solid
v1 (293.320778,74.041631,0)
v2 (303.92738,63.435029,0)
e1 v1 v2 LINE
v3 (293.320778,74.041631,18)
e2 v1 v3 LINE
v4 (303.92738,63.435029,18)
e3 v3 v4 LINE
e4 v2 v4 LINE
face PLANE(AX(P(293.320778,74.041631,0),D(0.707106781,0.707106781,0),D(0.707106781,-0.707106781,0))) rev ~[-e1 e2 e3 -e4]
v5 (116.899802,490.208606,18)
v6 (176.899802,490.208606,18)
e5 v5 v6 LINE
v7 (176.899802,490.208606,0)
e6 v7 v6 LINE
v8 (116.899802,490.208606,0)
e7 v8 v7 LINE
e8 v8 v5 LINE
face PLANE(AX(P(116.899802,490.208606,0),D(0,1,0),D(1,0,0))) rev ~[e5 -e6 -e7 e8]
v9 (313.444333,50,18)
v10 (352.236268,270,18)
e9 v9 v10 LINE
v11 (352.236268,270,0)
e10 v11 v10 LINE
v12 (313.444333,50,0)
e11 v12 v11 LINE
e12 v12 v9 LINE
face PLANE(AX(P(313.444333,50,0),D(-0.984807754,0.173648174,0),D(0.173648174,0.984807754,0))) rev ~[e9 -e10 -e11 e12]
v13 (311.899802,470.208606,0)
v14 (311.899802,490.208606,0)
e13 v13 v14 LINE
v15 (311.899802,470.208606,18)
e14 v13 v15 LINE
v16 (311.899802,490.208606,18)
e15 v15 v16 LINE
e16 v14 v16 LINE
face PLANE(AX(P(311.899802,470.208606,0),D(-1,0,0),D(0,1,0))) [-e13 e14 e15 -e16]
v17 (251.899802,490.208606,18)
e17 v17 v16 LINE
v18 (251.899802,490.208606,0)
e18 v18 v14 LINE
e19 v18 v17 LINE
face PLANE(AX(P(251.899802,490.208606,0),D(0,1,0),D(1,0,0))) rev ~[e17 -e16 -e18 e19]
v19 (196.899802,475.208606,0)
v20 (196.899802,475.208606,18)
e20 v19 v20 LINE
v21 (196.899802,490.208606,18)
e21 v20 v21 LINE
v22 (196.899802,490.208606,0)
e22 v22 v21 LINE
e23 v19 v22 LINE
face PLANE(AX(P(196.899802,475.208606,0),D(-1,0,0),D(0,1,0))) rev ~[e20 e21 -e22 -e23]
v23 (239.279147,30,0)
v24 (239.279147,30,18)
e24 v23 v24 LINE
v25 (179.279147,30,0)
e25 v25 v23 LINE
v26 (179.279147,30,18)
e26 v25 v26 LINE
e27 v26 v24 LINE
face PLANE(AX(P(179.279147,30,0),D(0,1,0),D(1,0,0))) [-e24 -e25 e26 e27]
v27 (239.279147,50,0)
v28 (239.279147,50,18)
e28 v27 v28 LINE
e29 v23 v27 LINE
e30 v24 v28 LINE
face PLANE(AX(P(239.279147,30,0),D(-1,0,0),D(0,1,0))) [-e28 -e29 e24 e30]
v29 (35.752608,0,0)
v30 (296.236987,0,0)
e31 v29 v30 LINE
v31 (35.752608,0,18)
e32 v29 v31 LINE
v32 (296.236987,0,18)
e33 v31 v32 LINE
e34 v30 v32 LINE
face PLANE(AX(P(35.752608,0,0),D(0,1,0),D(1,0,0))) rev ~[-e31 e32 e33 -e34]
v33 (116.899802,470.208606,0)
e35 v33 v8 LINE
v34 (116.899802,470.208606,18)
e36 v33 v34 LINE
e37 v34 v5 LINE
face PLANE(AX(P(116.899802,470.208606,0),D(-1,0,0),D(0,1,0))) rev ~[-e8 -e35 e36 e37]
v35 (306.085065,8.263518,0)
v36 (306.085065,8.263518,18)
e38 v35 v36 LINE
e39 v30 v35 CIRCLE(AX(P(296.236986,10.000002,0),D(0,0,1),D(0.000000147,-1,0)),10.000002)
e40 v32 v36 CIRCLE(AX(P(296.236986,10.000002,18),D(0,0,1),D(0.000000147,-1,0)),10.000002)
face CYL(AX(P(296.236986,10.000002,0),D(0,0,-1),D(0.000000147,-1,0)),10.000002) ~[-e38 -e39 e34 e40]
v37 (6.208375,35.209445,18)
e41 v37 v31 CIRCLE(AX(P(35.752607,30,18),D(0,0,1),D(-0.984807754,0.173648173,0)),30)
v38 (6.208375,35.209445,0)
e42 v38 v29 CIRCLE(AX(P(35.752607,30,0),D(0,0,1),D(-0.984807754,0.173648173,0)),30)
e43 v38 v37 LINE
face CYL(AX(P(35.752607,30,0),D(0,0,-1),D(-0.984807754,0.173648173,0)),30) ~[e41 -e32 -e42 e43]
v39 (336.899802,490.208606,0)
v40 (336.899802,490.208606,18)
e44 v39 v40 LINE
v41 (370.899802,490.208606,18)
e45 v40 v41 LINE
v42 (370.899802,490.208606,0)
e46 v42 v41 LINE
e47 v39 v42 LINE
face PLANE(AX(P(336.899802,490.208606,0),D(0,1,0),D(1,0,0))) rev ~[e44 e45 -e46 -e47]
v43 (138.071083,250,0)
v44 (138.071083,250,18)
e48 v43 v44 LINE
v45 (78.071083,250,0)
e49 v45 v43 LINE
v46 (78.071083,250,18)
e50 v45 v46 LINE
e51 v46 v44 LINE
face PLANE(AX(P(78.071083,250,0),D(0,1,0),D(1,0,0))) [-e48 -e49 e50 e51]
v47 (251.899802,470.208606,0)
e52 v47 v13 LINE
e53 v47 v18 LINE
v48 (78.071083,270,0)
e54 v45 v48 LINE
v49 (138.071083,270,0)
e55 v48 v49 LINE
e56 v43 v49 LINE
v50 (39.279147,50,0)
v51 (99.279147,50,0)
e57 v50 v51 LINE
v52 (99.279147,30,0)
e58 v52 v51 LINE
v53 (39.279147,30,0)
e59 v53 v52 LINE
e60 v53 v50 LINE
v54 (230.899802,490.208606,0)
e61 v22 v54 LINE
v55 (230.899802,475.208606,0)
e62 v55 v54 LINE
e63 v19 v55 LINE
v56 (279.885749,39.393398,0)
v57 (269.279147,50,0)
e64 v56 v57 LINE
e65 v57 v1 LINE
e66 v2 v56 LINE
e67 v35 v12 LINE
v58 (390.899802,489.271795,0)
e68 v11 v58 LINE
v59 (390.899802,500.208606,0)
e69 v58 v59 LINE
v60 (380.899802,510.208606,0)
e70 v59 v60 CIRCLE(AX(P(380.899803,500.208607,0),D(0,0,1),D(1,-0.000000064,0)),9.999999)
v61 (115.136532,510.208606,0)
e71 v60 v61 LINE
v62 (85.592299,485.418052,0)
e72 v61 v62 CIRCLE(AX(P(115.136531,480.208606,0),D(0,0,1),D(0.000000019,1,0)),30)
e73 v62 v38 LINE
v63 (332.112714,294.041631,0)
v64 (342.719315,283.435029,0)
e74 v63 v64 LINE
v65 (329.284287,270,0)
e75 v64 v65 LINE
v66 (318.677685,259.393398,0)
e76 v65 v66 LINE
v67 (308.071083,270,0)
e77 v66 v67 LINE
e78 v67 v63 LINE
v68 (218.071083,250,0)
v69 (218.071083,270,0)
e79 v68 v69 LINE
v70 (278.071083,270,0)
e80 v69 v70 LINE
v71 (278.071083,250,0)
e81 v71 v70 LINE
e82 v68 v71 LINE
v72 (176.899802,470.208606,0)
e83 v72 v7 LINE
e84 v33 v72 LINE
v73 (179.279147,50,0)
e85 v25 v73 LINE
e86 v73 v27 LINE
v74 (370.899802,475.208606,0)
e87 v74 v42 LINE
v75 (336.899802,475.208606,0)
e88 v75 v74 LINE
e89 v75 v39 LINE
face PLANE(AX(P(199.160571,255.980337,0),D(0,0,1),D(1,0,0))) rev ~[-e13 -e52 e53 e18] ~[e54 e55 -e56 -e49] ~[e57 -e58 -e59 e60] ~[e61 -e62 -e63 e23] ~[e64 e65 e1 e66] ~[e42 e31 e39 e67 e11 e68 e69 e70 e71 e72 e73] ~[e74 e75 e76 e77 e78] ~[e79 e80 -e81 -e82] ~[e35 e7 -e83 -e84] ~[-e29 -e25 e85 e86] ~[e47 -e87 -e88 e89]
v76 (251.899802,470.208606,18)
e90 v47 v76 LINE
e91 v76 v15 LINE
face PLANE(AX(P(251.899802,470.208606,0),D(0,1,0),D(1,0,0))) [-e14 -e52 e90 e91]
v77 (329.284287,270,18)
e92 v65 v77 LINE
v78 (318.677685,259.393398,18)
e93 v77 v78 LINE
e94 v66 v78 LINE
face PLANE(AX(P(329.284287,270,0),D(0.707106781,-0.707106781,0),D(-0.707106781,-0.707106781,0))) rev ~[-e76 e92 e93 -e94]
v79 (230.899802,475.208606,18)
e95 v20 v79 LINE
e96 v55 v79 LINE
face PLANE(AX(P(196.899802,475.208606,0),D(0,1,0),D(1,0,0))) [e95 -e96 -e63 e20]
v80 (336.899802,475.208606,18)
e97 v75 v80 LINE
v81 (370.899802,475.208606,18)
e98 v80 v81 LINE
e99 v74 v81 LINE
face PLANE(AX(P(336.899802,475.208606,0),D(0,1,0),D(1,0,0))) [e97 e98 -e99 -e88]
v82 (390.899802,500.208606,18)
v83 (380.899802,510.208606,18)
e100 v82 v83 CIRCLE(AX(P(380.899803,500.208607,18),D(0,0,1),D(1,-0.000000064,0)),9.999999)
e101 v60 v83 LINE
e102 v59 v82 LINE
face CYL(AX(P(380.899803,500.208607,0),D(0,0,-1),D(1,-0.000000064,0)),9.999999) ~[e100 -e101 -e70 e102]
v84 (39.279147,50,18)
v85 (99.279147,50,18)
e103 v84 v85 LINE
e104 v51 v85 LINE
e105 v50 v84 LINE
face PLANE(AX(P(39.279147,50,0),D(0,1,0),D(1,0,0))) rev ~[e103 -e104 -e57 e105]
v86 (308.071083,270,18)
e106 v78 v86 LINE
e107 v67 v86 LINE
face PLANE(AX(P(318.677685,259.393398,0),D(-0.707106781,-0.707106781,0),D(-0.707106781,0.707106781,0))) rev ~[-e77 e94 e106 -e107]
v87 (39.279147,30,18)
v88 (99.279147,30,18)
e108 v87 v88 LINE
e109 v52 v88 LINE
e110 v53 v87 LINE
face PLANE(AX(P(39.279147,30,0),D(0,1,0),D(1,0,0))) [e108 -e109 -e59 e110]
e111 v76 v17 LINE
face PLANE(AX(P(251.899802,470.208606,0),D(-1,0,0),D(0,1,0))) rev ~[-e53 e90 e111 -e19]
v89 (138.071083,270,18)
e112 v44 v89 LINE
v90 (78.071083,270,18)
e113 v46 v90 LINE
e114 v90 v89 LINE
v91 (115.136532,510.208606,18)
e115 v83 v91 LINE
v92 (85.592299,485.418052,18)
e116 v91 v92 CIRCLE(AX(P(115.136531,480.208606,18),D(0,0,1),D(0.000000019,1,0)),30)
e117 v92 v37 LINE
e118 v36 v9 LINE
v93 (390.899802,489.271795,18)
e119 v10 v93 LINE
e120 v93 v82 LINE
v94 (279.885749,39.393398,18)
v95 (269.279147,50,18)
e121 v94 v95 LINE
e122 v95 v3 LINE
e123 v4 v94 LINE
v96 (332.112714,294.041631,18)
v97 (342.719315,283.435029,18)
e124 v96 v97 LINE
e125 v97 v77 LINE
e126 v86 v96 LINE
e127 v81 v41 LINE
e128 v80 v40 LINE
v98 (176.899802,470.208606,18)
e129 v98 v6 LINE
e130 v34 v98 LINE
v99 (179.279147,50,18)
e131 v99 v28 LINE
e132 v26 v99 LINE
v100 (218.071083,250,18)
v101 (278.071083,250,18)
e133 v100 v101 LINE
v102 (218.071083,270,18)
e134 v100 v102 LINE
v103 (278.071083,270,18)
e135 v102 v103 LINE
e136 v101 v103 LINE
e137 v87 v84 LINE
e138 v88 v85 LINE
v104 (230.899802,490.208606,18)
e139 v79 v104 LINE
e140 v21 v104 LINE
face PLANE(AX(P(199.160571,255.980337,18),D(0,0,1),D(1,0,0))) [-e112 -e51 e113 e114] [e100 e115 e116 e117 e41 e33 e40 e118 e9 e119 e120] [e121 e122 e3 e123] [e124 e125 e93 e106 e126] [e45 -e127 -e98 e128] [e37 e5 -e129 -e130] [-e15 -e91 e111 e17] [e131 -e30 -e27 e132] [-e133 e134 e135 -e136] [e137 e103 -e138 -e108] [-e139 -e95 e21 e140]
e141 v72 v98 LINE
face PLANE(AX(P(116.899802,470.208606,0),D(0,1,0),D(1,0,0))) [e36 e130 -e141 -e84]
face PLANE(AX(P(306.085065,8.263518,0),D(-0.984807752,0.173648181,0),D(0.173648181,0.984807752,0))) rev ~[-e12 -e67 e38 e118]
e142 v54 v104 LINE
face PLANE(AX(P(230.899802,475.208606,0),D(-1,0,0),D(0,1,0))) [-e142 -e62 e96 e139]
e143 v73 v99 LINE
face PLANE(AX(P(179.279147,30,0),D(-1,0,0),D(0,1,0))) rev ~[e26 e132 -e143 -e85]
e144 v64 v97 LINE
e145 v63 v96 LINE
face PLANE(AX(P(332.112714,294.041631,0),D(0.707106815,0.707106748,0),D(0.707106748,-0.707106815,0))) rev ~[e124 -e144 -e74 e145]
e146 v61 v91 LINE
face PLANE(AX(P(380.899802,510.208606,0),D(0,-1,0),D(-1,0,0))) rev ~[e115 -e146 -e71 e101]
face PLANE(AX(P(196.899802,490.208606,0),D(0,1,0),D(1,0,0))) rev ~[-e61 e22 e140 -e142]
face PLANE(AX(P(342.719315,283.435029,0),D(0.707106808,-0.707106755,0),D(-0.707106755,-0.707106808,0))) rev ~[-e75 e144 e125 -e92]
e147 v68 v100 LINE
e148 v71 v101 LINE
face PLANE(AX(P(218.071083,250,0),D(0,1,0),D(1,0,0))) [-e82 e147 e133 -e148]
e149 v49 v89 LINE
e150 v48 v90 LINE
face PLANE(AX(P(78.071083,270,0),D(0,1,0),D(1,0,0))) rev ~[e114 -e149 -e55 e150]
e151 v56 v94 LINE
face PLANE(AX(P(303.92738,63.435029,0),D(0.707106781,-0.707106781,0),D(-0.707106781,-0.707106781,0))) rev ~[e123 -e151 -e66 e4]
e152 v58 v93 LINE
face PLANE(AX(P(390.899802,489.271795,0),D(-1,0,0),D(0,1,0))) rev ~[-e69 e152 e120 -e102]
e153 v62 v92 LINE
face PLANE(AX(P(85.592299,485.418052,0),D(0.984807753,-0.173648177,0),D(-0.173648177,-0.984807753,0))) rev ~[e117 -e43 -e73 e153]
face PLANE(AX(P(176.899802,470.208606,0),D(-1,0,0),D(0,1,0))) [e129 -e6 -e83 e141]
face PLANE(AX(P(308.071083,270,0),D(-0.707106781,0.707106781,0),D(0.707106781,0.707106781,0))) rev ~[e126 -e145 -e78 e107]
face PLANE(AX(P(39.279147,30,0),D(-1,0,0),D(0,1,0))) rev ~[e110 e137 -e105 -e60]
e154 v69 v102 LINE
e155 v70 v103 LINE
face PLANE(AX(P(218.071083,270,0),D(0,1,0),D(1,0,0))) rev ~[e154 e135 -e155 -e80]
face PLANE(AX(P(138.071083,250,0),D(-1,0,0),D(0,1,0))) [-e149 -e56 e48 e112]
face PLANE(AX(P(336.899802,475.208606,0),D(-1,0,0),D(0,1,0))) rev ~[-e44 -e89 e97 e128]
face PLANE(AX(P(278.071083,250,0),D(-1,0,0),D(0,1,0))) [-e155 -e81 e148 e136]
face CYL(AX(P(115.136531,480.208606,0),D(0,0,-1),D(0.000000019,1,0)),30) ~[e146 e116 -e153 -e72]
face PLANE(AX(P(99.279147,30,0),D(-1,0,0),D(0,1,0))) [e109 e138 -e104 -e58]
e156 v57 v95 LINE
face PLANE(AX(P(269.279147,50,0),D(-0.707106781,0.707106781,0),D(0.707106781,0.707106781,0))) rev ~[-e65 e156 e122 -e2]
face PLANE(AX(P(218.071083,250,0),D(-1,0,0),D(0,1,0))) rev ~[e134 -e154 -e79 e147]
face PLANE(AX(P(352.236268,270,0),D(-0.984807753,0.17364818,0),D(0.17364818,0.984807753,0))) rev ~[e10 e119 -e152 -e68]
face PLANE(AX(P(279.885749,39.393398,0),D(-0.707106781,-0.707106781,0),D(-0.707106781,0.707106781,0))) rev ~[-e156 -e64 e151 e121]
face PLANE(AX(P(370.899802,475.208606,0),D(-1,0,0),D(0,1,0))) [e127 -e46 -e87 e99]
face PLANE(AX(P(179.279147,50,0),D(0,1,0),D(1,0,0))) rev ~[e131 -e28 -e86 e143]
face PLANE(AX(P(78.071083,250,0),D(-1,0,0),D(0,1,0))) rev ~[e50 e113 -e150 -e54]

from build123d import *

# Parameters (mm, degrees)
F0_W     = 60
F0_H     = 20
F0_W_2   = 34
F0_H_2   = 15
F1_DEPTH = 18


with BuildPart() as f1:
    # F0 (on Top) → F1 (new body)
    with BuildSketch(Plane.XY):
        with BuildLine():
            ThreePointArc((115.136532, 510.208606), (95.852904, 503.18994), (85.592299, 485.418052))
            Line((85.592299, 485.418052), (6.208375, 35.209445))
            ThreePointArc((6.208375, 35.209445), (12.771274, 10.716372), (35.752608, 0))
            Line((35.752608, 0), (296.236987, 0))
            ThreePointArc((296.236987, 0), (302.664863, 2.339556), (306.085065, 8.263518))
            Line((306.085065, 8.263518), (313.444333, 50))
            Line((313.444333, 50), (352.236268, 270))
            Line((352.236268, 270), (390.899802, 489.271795))
            Line((390.899802, 489.271795), (390.899802, 500.208606))
            ThreePointArc((390.899802, 500.208606), (387.97087, 507.279674), (380.899802, 510.208606))
            Line((380.899802, 510.208606), (115.136532, 510.208606))
        make_face()
        with Locations((69.279147, 40)):
            Rectangle(F0_W, F0_H, mode=Mode.SUBTRACT)
        with Locations((209.279147, 40)):
            Rectangle(F0_W, F0_H, mode=Mode.SUBTRACT)
        Polygon((303.92738, 63.435029), (290.492351, 50), (279.885749, 39.393398), (269.279147, 50), (293.320778, 74.041631), align=None, mode=Mode.SUBTRACT)
        with Locations((108.071083, 260)):
            Rectangle(F0_W, F0_H, mode=Mode.SUBTRACT)
        with Locations((146.899802, 480.208606)):
            Rectangle(F0_W, F0_H, mode=Mode.SUBTRACT)
        with Locations((248.071083, 260)):
            Rectangle(F0_W, F0_H, mode=Mode.SUBTRACT)
        Polygon((342.719315, 283.435029), (329.284287, 270), (318.677685, 259.393398), (308.071083, 270), (332.112714, 294.041631), align=None, mode=Mode.SUBTRACT)
        with Locations((213.899802, 482.708606)):
            Rectangle(F0_W_2, F0_H_2, mode=Mode.SUBTRACT)
        with Locations((281.899802, 480.208606)):
            Rectangle(F0_W, F0_H, mode=Mode.SUBTRACT)
        with Locations((353.899802, 482.708606)):
            Rectangle(F0_W_2, F0_H_2, mode=Mode.SUBTRACT)
    extrude(amount=F1_DEPTH)


solid = f1.part
